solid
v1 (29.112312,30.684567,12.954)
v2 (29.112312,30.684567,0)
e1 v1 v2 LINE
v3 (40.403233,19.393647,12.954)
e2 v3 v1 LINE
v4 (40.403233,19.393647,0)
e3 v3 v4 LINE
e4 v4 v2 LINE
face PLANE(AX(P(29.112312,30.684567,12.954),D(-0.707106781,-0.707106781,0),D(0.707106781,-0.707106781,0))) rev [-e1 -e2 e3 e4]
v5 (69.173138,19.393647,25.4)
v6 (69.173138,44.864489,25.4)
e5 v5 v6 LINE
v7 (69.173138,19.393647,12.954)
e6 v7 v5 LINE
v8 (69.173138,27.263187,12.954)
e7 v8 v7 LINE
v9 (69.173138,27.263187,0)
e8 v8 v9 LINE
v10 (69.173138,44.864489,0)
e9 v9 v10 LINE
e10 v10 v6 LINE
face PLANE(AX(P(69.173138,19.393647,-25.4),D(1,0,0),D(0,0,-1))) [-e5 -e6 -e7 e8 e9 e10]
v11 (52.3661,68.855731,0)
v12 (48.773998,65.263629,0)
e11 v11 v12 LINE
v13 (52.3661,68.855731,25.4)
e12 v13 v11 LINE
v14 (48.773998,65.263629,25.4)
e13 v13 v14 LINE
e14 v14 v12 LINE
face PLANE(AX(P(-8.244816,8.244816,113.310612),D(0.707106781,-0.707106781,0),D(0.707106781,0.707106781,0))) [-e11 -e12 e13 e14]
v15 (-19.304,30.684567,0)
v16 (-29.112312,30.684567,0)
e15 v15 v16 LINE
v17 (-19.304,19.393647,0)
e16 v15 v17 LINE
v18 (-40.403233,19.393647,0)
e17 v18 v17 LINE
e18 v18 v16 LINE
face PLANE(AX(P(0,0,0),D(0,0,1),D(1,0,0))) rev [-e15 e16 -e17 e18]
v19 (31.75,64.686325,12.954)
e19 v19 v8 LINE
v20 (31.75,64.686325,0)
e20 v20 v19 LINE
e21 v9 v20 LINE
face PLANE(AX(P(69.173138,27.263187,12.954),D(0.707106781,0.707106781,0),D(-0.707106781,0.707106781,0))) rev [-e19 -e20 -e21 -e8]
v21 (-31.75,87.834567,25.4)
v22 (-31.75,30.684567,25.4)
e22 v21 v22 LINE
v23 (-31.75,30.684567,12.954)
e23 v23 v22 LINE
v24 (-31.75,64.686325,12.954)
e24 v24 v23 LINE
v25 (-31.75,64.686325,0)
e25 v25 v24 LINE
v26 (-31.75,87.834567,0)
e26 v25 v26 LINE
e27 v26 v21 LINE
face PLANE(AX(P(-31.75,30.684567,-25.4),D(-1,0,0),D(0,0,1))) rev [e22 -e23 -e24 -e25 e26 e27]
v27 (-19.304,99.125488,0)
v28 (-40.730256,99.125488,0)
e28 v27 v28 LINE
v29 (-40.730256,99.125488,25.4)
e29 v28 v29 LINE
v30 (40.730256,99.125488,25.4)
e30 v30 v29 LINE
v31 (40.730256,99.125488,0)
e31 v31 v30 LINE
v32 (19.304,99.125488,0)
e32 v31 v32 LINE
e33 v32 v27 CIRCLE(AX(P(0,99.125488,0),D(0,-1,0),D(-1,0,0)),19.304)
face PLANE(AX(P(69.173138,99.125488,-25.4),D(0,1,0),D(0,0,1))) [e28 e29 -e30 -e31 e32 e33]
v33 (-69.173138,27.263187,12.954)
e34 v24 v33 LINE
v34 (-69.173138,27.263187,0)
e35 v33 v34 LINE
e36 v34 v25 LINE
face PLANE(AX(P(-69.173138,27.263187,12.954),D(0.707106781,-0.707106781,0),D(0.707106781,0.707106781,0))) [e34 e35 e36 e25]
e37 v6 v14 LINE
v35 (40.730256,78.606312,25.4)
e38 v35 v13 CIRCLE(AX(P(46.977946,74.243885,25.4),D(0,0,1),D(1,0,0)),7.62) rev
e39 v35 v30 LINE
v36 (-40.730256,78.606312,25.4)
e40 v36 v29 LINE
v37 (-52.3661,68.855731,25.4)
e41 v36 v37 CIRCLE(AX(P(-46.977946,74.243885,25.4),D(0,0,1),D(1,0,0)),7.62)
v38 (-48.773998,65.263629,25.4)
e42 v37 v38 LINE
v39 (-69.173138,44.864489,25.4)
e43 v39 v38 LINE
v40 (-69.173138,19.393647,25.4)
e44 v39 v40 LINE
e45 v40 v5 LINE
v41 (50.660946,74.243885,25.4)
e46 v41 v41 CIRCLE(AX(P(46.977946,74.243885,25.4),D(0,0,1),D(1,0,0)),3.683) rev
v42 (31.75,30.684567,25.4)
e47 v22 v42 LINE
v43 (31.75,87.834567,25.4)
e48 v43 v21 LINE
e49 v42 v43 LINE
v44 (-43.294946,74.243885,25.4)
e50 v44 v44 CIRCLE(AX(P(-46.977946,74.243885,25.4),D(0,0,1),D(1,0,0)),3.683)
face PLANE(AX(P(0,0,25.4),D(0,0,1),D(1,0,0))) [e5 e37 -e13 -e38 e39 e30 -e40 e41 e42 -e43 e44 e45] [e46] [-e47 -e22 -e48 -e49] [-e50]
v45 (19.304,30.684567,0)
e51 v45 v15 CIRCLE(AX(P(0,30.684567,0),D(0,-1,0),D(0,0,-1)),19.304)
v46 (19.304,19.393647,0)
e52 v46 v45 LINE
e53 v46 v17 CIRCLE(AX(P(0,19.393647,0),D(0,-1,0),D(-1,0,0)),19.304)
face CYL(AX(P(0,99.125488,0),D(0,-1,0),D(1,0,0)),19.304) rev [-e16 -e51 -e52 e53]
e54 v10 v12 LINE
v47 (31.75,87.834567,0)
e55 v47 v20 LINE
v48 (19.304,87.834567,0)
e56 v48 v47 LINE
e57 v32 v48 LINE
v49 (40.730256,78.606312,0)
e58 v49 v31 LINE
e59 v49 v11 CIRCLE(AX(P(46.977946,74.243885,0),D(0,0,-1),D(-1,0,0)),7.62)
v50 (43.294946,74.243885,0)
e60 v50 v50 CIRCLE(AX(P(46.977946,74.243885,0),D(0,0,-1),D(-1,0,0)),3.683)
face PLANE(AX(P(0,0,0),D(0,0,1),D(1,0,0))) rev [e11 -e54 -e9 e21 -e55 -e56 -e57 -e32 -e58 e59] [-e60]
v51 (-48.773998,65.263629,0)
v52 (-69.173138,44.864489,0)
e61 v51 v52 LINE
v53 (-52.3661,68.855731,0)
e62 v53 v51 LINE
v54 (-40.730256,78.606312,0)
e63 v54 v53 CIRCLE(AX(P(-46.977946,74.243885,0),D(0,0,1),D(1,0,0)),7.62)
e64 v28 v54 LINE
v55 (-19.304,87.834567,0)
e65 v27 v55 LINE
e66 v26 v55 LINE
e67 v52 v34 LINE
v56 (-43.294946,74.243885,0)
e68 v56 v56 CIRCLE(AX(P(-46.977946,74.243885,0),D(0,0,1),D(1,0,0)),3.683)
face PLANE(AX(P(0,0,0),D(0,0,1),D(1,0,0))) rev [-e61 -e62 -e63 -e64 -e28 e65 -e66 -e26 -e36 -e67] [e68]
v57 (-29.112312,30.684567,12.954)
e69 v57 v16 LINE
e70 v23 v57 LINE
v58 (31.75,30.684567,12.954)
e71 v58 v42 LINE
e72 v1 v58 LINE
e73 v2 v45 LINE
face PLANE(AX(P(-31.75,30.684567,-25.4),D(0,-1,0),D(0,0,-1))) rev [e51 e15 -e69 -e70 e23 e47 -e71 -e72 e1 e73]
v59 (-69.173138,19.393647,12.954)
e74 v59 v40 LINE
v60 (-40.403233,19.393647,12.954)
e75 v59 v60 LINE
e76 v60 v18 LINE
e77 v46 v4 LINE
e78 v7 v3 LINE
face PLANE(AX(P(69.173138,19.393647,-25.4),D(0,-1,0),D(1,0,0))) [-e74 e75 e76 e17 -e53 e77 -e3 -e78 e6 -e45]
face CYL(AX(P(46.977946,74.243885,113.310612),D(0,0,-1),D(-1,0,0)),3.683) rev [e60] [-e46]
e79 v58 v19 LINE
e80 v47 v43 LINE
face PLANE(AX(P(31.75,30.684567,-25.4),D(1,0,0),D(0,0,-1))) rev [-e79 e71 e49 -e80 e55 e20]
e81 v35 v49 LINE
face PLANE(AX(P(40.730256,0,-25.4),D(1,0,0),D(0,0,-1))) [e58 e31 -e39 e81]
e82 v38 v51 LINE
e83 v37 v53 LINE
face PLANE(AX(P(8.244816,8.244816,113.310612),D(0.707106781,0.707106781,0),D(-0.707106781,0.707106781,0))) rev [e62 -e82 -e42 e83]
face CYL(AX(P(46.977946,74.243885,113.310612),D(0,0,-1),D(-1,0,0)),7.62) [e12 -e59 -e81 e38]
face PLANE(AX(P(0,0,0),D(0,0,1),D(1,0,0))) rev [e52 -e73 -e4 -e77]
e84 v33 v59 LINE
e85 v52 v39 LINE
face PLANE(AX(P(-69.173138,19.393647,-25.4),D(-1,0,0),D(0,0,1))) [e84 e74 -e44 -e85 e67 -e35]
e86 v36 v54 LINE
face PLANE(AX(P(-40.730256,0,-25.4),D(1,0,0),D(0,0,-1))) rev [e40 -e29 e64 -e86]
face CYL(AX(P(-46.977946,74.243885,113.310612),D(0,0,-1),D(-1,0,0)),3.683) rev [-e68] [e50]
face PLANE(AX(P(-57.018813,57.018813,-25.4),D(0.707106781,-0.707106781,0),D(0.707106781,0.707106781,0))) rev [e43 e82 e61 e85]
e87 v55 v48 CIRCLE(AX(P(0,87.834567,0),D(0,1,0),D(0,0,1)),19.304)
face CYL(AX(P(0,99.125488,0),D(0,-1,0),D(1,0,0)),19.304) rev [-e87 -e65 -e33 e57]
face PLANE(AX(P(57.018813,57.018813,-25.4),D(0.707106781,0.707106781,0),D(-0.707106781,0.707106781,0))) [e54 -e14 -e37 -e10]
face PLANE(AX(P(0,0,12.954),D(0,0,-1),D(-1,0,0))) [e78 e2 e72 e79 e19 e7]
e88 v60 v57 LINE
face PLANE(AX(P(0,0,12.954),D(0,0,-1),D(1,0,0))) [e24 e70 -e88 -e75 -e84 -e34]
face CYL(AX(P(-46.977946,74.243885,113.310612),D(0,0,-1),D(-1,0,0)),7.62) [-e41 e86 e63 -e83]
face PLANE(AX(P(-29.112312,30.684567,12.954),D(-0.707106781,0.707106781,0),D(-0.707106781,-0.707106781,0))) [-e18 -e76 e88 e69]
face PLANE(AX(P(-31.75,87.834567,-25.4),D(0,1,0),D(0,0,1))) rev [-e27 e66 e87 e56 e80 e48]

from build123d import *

# Parameters (mm, degrees)
SKETCH2_R           = 19.05
BOSS_EXTRUDE1_DEPTH = 152.4
BOSS_EXTRUDE2_DEPTH = 12.7
SKETCH4_W           = 138.346275672
SKETCH4_H           = 79.731841005
BOSS_EXTRUDE3_DEPTH = 50.8
SKETCH5_W           = 63.5
SKETCH5_H           = 57.15
CUT_EXTRUDE1_DEPTH  = 132.116075905
CUT_EXTRUDE2_DEPTH  = 132.116075905
CUT_EXTRUDE3_DEPTH  = 124.514960069
SKETCH9_R           = 3.683
BOSS_EXTRUDE4_DEPTH = 25.4
CLEARANCECUT1_DEPTH = 109.569099969
CLEARANCECUT2_DEPTH = 12.954


with BuildPart() as part:
    # Sketch2 → Boss-Extrude1 (new body)
    with BuildSketch(Plane(origin=(0, 0, 0), x_dir=(1, 0, 0), z_dir=(0, 1, 0))):
        with Locations(Location((0, 0, 0), (0, 0, 90))):
            Circle(SKETCH2_R)
    extrude(amount=BOSS_EXTRUDE1_DEPTH)

    # Sketch3 → Boss-Extrude2 (add, symmetric)
    with BuildSketch(Plane.XY):
        Polygon((-427.750314484, -331.6732), (-409.789802242, -313.712687758), (-391.82929, -331.6732), align=None)
        Polygon((-6.028675512, 90.048438972), (-409.789802242, -313.712687758), (-391.82929, -331.6732), (11.93183673, 72.08792673), align=None)
    boss_extrude2 = extrude(amount=BOSS_EXTRUDE2_DEPTH, both=True)

    # Mirror1: Boss-Extrude2 across plane
    add(boss_extrude2.mirror(Plane(origin=(0, 0, 0), x_dir=(0, 0, 1), z_dir=(1, 0, 0))))


with BuildPart() as body_2:
    # Sketch4 → Boss-Extrude3 (new body)
    with BuildSketch(Plane.XY.offset(25.4)):
        with Locations((0, 59.259567455)):
            Rectangle(SKETCH4_W, SKETCH4_H)
    extrude(amount=-BOSS_EXTRUDE3_DEPTH)

    # Combine1: cut part
    add(part.part, mode=Mode.SUBTRACT)

    # Sketch5 → Cut-Extrude1 (cut, through all)
    with BuildSketch(Plane.XY.offset(25.4)):
        with Locations((0, 59.259567454)):
            Rectangle(SKETCH5_W, SKETCH5_H)
    extrude(amount=-CUT_EXTRUDE1_DEPTH, mode=Mode.SUBTRACT)

    # Sketch6 → Cut-Extrude2 (cut, through all)
    with BuildSketch(Plane.XY.offset(25.4)):
        Polygon((-69.173137836, 99.125487957), (-69.173137836, 44.864488891), (-40.730256121, 73.307370605), (-40.730256121, 99.125487957), align=None)
    cut_extrude2 = extrude(amount=-CUT_EXTRUDE2_DEPTH, mode=Mode.SUBTRACT)

    # Mirror2: Cut-Extrude2 across plane
    add(cut_extrude2.mirror(Plane(origin=(0, 0, 0), x_dir=(0, 0, 1), z_dir=(1, 0, 0))), mode=Mode.SUBTRACT)

    # Sketch8 → Cut-Extrude3 (cut, through all)
    with BuildSketch(Plane.XY):
        Polygon((69.173137836, 19.393646952), (69.173137836, 44.864488891), (40.730256121, 73.307370605), (40.730256121, 99.125487957), (-40.730256121, 99.125487957), (-40.730256121, 73.307370605), (-69.173137836, 44.864488891), (-69.173137836, 19.393646952), align=None)
    extrude(amount=-CUT_EXTRUDE3_DEPTH, mode=Mode.SUBTRACT)

    # Sketch9 → Boss-Extrude4 (add)
    with BuildSketch(Plane(origin=(0, 0, 0), x_dir=(-1, 0, 0), z_dir=(0, 0, -1))):
        with BuildLine():
            Line((-48.773997692, 65.263629035), (-39.369751391, 74.667875336))
            ThreePointArc((-39.369751391, 74.667875336), (-50.088798441, 81.199961636), (-52.36610014, 68.855731483))
            Line((-52.36610014, 68.855731483), (-48.773997692, 65.263629035))
        make_face()
        with Locations((-46.977946468, 74.243885156)):
            Circle(SKETCH9_R, mode=Mode.SUBTRACT)
    boss_extrude4 = extrude(amount=-BOSS_EXTRUDE4_DEPTH)

    # Mirror3: Boss-Extrude4 across plane
    add(boss_extrude4.mirror(Plane(origin=(0, 0, 0), x_dir=(0, 0, 1), z_dir=(1, 0, 0))))

    # Sketch10 → ClearanceCut1 (cut, through all)
    with BuildSketch(Plane.XZ.offset(-19.393646952)):
        with BuildLine():
            Line((-19.05, 0), (-19.304, 0))
            ThreePointArc((-19.304, 0), (0, 19.304), (19.304, 0))
            Line((19.304, 0), (19.05, 0))
            ThreePointArc((19.05, 0), (0, 19.05), (-19.05, 0))
        make_face()
    extrude(amount=-CLEARANCECUT1_DEPTH, mode=Mode.SUBTRACT)

    # Sketch11 → ClearanceCut2 (cut)
    with BuildSketch(Plane(origin=(0, 0, 0), x_dir=(-1, 0, 0), z_dir=(0, 0, -1))):
        Polygon((-69.173137836, 27.263186893), (-29.112312301, 67.324012428), (-29.112312301, 30.684567454), (-40.403232803, 19.393646952), (-69.173137836, 19.393646952), align=None)
    clearancecut2 = extrude(amount=-CLEARANCECUT2_DEPTH, mode=Mode.SUBTRACT)

    # Mirror4: ClearanceCut2 across plane
    add(clearancecut2.mirror(Plane(origin=(0, 0, 0), x_dir=(0, 0, 1), z_dir=(1, 0, 0))), mode=Mode.SUBTRACT)


solid = body_2.part
